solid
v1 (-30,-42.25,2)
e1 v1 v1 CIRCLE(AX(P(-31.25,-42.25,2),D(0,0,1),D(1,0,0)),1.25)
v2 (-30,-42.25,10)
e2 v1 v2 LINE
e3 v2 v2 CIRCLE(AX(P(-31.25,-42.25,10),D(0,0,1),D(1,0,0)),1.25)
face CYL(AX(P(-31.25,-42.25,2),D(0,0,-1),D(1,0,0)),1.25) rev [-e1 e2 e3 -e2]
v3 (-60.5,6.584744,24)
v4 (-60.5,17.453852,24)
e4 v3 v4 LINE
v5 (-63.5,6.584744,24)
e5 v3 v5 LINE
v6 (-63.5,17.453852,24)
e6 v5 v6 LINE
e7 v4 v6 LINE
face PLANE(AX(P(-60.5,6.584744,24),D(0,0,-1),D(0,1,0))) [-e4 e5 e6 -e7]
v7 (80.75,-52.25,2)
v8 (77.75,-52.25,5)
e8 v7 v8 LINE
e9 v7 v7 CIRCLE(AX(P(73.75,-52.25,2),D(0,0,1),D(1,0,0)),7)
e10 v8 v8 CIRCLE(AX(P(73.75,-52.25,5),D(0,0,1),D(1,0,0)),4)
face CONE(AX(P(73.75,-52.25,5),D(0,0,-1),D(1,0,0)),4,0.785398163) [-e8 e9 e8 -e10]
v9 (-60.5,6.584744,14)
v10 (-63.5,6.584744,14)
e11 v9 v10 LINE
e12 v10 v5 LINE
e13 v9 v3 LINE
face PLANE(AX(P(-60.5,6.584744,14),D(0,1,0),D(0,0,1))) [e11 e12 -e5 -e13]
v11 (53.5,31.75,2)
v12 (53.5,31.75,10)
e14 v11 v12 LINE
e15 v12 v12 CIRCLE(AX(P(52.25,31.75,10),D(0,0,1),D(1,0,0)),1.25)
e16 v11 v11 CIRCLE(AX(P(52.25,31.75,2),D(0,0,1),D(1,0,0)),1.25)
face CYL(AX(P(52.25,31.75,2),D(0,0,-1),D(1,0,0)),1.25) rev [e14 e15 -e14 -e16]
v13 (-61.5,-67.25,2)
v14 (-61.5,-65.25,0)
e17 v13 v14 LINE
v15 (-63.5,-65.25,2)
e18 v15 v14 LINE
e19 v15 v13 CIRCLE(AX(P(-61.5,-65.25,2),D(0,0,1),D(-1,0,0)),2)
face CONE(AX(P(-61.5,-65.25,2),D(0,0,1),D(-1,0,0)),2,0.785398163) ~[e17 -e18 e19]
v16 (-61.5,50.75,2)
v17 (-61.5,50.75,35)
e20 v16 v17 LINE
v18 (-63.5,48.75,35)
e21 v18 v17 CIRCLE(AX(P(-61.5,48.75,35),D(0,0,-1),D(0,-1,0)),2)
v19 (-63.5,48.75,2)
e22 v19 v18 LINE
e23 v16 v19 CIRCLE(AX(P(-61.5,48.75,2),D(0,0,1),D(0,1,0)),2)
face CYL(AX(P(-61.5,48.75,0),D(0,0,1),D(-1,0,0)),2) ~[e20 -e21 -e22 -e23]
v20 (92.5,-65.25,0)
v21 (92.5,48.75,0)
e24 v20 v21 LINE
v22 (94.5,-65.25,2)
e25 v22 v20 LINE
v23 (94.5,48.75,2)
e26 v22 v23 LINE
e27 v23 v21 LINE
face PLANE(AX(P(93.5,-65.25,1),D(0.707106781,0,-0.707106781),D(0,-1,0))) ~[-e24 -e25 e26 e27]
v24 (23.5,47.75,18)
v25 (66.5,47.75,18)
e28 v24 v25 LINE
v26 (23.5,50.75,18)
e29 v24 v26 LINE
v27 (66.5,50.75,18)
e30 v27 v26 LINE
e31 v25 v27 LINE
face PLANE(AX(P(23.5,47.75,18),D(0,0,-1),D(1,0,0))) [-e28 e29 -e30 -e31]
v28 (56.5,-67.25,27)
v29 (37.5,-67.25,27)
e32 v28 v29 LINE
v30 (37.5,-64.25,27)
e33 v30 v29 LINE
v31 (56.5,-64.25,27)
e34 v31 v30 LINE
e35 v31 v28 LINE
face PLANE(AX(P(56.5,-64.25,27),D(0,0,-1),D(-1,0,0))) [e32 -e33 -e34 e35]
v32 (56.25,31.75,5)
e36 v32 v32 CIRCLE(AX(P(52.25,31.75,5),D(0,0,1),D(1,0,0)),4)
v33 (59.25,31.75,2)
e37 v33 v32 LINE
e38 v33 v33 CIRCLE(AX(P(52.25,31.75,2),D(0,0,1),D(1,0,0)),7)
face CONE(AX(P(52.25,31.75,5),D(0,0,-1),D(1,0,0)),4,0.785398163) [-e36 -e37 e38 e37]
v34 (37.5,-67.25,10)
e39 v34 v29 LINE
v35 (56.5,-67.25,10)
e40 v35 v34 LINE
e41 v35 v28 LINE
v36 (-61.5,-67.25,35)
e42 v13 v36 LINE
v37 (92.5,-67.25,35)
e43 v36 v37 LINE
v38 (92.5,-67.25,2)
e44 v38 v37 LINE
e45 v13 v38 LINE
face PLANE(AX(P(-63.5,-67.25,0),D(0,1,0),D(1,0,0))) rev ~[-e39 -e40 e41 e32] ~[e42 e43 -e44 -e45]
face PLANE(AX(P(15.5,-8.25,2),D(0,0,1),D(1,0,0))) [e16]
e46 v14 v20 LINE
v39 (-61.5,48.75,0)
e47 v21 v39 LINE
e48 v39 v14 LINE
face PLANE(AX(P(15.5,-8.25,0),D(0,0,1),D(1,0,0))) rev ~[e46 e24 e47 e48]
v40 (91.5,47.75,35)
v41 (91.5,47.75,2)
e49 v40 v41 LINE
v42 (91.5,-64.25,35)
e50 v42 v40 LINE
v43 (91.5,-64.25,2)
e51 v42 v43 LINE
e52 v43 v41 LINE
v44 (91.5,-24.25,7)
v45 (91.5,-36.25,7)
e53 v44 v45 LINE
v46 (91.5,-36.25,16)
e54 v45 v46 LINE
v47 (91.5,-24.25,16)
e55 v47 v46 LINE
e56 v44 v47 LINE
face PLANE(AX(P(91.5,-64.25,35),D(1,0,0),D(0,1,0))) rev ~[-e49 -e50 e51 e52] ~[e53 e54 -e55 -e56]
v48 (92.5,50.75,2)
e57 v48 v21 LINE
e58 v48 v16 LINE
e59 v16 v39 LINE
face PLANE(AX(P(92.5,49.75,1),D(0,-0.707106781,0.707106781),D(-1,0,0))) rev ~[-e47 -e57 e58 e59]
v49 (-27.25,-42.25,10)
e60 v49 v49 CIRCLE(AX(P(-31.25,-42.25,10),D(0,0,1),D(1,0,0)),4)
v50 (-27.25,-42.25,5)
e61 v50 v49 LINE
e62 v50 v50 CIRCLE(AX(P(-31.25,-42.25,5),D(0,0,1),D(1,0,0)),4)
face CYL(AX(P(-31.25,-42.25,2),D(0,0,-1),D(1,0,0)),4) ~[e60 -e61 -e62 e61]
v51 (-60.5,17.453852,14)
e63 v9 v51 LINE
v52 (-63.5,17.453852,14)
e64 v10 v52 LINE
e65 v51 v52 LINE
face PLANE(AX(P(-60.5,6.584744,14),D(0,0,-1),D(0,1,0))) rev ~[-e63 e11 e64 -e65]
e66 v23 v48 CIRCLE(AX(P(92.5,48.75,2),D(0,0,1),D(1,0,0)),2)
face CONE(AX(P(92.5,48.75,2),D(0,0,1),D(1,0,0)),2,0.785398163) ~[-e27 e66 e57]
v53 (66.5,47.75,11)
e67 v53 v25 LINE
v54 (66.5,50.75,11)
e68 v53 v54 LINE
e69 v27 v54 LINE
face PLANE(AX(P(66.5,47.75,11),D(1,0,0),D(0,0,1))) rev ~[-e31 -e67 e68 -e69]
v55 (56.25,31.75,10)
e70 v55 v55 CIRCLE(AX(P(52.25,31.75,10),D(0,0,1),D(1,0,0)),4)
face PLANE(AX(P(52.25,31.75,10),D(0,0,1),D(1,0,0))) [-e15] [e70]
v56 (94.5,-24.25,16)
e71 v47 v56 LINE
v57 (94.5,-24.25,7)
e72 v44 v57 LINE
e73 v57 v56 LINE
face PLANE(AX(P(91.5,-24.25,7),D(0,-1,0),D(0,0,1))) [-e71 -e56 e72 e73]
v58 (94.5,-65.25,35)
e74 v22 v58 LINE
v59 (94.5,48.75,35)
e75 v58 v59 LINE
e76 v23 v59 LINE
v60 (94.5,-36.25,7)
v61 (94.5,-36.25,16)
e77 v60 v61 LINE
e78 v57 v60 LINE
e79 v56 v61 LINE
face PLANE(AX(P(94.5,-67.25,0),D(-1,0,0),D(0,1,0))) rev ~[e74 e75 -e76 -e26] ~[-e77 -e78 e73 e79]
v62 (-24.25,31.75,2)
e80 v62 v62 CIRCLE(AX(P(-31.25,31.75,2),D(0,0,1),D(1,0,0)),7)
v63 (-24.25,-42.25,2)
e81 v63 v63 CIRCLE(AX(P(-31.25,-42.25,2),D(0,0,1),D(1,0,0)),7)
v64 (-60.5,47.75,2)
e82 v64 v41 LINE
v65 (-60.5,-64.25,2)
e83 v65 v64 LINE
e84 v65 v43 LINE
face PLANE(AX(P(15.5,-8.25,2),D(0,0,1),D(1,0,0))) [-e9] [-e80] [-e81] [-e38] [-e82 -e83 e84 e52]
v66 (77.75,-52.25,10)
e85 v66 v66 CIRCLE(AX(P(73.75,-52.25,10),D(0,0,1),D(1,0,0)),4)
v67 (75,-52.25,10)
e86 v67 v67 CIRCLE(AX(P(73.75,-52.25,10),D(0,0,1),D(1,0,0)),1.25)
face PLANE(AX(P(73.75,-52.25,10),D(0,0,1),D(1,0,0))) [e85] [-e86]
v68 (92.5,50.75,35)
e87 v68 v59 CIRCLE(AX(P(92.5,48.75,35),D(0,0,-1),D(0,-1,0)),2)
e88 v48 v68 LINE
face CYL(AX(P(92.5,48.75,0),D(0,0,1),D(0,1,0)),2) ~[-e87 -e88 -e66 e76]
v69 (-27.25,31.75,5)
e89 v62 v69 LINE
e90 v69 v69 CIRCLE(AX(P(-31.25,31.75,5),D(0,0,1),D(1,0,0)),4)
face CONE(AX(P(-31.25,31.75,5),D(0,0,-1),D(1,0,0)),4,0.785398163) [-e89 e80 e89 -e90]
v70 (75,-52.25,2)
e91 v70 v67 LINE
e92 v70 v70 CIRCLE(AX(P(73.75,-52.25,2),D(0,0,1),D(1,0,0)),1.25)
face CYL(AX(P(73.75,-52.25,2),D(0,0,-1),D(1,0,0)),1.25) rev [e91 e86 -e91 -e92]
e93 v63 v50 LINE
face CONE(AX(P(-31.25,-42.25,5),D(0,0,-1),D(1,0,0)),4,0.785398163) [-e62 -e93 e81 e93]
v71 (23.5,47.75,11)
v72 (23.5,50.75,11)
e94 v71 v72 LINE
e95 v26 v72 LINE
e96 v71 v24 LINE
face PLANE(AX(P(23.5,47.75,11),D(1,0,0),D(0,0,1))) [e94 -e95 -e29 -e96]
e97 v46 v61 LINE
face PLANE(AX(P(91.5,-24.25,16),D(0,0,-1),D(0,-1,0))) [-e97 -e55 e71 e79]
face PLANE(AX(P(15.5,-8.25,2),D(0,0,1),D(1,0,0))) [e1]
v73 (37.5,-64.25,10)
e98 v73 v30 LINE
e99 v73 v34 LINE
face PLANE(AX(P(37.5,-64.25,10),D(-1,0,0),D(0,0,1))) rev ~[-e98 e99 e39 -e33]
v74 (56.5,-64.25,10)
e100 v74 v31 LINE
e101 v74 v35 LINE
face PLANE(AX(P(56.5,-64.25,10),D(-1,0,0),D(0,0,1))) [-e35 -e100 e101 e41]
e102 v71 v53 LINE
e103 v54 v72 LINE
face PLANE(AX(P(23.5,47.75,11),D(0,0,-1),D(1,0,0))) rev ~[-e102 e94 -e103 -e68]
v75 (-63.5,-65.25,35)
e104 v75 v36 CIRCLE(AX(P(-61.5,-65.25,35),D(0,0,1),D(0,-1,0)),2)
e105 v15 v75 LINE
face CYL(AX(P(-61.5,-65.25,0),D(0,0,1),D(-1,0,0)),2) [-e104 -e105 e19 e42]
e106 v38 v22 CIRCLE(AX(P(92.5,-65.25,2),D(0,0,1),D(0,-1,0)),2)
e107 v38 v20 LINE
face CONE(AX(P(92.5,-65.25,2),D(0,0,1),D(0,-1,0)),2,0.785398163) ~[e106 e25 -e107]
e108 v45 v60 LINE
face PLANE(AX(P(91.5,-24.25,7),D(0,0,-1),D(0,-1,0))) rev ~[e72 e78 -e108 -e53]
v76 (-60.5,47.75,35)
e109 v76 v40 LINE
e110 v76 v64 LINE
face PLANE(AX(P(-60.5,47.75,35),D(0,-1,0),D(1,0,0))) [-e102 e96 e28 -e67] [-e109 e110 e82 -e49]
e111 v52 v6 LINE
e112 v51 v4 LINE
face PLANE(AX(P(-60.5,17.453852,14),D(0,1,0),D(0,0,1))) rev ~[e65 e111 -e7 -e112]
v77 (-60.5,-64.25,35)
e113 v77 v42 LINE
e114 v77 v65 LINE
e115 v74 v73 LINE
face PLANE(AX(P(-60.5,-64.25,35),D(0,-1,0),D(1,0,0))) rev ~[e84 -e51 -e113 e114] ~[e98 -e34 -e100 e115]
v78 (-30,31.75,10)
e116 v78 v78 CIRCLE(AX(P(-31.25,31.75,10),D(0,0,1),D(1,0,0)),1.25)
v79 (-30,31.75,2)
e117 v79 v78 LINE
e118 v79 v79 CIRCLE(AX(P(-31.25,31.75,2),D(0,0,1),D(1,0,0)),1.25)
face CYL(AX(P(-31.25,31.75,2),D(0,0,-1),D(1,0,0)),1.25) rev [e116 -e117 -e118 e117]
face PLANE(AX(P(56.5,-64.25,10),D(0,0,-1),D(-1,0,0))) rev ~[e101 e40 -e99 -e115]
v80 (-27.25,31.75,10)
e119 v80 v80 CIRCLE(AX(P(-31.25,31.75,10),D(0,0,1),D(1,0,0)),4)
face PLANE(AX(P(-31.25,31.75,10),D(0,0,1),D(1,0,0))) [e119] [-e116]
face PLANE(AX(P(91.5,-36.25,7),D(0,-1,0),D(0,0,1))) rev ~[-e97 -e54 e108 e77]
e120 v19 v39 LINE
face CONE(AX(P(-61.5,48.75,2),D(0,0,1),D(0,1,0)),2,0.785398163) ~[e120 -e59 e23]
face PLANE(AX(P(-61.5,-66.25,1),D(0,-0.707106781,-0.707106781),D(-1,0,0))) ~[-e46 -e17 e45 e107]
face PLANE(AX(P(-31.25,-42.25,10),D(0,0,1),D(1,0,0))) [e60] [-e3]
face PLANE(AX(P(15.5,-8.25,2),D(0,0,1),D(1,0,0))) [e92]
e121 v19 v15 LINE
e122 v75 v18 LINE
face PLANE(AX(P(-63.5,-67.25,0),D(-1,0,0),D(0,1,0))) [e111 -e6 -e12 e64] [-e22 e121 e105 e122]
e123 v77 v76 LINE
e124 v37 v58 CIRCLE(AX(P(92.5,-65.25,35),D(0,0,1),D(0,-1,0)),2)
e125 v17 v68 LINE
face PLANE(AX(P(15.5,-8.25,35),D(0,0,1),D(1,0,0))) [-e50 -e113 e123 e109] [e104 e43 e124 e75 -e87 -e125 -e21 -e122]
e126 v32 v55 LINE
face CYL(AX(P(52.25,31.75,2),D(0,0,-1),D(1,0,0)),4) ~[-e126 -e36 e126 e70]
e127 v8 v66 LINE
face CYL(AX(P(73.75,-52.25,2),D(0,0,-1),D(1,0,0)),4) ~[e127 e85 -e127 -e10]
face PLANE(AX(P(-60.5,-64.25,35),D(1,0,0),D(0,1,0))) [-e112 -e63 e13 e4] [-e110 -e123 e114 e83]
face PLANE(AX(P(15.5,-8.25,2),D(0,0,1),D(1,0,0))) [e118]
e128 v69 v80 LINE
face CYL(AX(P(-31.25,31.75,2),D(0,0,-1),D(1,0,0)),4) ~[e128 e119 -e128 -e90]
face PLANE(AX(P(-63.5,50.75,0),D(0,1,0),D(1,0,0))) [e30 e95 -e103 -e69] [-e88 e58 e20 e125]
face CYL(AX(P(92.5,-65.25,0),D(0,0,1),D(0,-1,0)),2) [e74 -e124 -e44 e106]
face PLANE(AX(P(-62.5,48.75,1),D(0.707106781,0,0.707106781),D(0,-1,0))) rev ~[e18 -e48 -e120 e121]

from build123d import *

# Parameters (mm, degrees)
SKETCH010_W     = 158
SKETCH010_H     = 118
PAD003_DEPTH    = 35
SKETCH011_W     = 152
SKETCH011_H     = 112
POCKET006_DEPTH = 33
SKETCH012_R     = 4
SKETCH012_R_2   = 1.25
PAD004_DEPTH    = 8
CHAMFER_SIZE    = 3
SKETCH013_W     = 10.869108
SKETCH013_H     = 10
POCKET007_DEPTH = 3
SKETCH014_W     = 19
SKETCH014_H     = 17
POCKET008_DEPTH = 3.001
SKETCH015_W     = 43
SKETCH015_H     = 7
POCKET009_DEPTH = 3.001
FILLET_R        = 2
CHAMFER001_SIZE = 2
SKETCH019_W     = 12
SKETCH019_H     = 9
POCKET012_DEPTH = 3.001


with BuildPart() as part:
    # Sketch010 (on XY_Plane176 of Origin352) → Pad003 (new body)
    with BuildSketch(Plane.XY):
        with Locations((15.5, -8.25)):
            Rectangle(SKETCH010_W, SKETCH010_H)
    extrude(amount=PAD003_DEPTH)

    # Sketch011 (on Face6 of Pad003) → Pocket006 (cut)
    with BuildSketch(Plane.XY.offset(35)):
        with Locations((15.5, -8.25)):
            Rectangle(SKETCH011_W, SKETCH011_H)
    extrude(amount=-POCKET006_DEPTH, mode=Mode.SUBTRACT)

    # Sketch012 (on Face11 of Pocket006) → Pad004 (join)
    with BuildSketch(Plane.XY.offset(2)):
        with Locations((-31.25, 31.75)):
            Circle(SKETCH012_R)
        with Locations((-31.25, 31.75)):
            Circle(SKETCH012_R_2, mode=Mode.SUBTRACT)
        with Locations((52.25, 31.75)):
            Circle(SKETCH012_R)
        with Locations((52.25, 31.75)):
            Circle(SKETCH012_R_2, mode=Mode.SUBTRACT)
        with Locations((73.75, -52.25)):
            Circle(SKETCH012_R)
        with Locations((73.75, -52.25)):
            Circle(SKETCH012_R_2, mode=Mode.SUBTRACT)
        with Locations((-31.25, -42.25)):
            Circle(SKETCH012_R)
        with Locations((-31.25, -42.25)):
            Circle(SKETCH012_R_2, mode=Mode.SUBTRACT)
    extrude(amount=PAD004_DEPTH)

    # Chamfer
    chamfer_edges = [part.edges().sort_by_distance(p)[0] for p in [
        (48.25, 31.75, 2),
        (-35.25, 31.75, 2),
        (-35.25, -42.25, 2),
        (69.75, -52.25, 2),
    ]]
    chamfer(chamfer_edges, length=CHAMFER_SIZE)

    # Sketch013 (on Face3 of Chamfer) → Pocket007 (cut)
    with BuildSketch(Plane.YZ.offset(-60.5)):
        with Locations((12.019298, 19)):
            Rectangle(SKETCH013_W, SKETCH013_H)
    extrude(amount=-POCKET007_DEPTH, mode=Mode.SUBTRACT)

    # Sketch014 (on Face5 of Pocket007) → Pocket008 (cut, through all)
    with BuildSketch(Plane(origin=(0, -64.25, 0), x_dir=(-1, 0, 0), z_dir=(0, 1, 0))):
        with Locations((-47, 18.5)):
            Rectangle(SKETCH014_W, SKETCH014_H)
    extrude(amount=-POCKET008_DEPTH, mode=Mode.SUBTRACT)

    # Sketch015 (on Face4 of Pocket008) → Pocket009 (cut, through all)
    with BuildSketch(Plane.XZ.offset(-47.75)):
        with Locations((45, 14.5)):
            Rectangle(SKETCH015_W, SKETCH015_H)
    extrude(amount=-POCKET009_DEPTH, mode=Mode.SUBTRACT)

    # Fillet
    fillet_edges = [part.edges().sort_by_distance(p)[0] for p in [
        (94.5, -67.25, 17.5),
        (-63.5, -67.25, 17.5),
        (-63.5, 50.75, 17.5),
        (94.5, 50.75, 17.5),
    ]]
    fillet(fillet_edges, radius=FILLET_R)

    # Chamfer001
    chamfer001_edges = [part.edges().sort_by_distance(p)[0] for p in [
        (94.5, -8.25, 0),
        (15.5, 50.75, 0),
        (-63.5, -8.25, 0),
        (15.5, -67.25, 0),
    ]]
    chamfer(chamfer001_edges, length=CHAMFER001_SIZE)

    # Sketch019 (on Face20 of Chamfer001) → Pocket012 (cut, through all)
    with BuildSketch(Plane(origin=(91.5, 0, 0), x_dir=(0, -1, 0), z_dir=(-1, 0, 0))):
        with Locations((30.25, 11.5)):
            Rectangle(SKETCH019_W, SKETCH019_H)
    extrude(amount=-POCKET012_DEPTH, mode=Mode.SUBTRACT)


solid = part.part
